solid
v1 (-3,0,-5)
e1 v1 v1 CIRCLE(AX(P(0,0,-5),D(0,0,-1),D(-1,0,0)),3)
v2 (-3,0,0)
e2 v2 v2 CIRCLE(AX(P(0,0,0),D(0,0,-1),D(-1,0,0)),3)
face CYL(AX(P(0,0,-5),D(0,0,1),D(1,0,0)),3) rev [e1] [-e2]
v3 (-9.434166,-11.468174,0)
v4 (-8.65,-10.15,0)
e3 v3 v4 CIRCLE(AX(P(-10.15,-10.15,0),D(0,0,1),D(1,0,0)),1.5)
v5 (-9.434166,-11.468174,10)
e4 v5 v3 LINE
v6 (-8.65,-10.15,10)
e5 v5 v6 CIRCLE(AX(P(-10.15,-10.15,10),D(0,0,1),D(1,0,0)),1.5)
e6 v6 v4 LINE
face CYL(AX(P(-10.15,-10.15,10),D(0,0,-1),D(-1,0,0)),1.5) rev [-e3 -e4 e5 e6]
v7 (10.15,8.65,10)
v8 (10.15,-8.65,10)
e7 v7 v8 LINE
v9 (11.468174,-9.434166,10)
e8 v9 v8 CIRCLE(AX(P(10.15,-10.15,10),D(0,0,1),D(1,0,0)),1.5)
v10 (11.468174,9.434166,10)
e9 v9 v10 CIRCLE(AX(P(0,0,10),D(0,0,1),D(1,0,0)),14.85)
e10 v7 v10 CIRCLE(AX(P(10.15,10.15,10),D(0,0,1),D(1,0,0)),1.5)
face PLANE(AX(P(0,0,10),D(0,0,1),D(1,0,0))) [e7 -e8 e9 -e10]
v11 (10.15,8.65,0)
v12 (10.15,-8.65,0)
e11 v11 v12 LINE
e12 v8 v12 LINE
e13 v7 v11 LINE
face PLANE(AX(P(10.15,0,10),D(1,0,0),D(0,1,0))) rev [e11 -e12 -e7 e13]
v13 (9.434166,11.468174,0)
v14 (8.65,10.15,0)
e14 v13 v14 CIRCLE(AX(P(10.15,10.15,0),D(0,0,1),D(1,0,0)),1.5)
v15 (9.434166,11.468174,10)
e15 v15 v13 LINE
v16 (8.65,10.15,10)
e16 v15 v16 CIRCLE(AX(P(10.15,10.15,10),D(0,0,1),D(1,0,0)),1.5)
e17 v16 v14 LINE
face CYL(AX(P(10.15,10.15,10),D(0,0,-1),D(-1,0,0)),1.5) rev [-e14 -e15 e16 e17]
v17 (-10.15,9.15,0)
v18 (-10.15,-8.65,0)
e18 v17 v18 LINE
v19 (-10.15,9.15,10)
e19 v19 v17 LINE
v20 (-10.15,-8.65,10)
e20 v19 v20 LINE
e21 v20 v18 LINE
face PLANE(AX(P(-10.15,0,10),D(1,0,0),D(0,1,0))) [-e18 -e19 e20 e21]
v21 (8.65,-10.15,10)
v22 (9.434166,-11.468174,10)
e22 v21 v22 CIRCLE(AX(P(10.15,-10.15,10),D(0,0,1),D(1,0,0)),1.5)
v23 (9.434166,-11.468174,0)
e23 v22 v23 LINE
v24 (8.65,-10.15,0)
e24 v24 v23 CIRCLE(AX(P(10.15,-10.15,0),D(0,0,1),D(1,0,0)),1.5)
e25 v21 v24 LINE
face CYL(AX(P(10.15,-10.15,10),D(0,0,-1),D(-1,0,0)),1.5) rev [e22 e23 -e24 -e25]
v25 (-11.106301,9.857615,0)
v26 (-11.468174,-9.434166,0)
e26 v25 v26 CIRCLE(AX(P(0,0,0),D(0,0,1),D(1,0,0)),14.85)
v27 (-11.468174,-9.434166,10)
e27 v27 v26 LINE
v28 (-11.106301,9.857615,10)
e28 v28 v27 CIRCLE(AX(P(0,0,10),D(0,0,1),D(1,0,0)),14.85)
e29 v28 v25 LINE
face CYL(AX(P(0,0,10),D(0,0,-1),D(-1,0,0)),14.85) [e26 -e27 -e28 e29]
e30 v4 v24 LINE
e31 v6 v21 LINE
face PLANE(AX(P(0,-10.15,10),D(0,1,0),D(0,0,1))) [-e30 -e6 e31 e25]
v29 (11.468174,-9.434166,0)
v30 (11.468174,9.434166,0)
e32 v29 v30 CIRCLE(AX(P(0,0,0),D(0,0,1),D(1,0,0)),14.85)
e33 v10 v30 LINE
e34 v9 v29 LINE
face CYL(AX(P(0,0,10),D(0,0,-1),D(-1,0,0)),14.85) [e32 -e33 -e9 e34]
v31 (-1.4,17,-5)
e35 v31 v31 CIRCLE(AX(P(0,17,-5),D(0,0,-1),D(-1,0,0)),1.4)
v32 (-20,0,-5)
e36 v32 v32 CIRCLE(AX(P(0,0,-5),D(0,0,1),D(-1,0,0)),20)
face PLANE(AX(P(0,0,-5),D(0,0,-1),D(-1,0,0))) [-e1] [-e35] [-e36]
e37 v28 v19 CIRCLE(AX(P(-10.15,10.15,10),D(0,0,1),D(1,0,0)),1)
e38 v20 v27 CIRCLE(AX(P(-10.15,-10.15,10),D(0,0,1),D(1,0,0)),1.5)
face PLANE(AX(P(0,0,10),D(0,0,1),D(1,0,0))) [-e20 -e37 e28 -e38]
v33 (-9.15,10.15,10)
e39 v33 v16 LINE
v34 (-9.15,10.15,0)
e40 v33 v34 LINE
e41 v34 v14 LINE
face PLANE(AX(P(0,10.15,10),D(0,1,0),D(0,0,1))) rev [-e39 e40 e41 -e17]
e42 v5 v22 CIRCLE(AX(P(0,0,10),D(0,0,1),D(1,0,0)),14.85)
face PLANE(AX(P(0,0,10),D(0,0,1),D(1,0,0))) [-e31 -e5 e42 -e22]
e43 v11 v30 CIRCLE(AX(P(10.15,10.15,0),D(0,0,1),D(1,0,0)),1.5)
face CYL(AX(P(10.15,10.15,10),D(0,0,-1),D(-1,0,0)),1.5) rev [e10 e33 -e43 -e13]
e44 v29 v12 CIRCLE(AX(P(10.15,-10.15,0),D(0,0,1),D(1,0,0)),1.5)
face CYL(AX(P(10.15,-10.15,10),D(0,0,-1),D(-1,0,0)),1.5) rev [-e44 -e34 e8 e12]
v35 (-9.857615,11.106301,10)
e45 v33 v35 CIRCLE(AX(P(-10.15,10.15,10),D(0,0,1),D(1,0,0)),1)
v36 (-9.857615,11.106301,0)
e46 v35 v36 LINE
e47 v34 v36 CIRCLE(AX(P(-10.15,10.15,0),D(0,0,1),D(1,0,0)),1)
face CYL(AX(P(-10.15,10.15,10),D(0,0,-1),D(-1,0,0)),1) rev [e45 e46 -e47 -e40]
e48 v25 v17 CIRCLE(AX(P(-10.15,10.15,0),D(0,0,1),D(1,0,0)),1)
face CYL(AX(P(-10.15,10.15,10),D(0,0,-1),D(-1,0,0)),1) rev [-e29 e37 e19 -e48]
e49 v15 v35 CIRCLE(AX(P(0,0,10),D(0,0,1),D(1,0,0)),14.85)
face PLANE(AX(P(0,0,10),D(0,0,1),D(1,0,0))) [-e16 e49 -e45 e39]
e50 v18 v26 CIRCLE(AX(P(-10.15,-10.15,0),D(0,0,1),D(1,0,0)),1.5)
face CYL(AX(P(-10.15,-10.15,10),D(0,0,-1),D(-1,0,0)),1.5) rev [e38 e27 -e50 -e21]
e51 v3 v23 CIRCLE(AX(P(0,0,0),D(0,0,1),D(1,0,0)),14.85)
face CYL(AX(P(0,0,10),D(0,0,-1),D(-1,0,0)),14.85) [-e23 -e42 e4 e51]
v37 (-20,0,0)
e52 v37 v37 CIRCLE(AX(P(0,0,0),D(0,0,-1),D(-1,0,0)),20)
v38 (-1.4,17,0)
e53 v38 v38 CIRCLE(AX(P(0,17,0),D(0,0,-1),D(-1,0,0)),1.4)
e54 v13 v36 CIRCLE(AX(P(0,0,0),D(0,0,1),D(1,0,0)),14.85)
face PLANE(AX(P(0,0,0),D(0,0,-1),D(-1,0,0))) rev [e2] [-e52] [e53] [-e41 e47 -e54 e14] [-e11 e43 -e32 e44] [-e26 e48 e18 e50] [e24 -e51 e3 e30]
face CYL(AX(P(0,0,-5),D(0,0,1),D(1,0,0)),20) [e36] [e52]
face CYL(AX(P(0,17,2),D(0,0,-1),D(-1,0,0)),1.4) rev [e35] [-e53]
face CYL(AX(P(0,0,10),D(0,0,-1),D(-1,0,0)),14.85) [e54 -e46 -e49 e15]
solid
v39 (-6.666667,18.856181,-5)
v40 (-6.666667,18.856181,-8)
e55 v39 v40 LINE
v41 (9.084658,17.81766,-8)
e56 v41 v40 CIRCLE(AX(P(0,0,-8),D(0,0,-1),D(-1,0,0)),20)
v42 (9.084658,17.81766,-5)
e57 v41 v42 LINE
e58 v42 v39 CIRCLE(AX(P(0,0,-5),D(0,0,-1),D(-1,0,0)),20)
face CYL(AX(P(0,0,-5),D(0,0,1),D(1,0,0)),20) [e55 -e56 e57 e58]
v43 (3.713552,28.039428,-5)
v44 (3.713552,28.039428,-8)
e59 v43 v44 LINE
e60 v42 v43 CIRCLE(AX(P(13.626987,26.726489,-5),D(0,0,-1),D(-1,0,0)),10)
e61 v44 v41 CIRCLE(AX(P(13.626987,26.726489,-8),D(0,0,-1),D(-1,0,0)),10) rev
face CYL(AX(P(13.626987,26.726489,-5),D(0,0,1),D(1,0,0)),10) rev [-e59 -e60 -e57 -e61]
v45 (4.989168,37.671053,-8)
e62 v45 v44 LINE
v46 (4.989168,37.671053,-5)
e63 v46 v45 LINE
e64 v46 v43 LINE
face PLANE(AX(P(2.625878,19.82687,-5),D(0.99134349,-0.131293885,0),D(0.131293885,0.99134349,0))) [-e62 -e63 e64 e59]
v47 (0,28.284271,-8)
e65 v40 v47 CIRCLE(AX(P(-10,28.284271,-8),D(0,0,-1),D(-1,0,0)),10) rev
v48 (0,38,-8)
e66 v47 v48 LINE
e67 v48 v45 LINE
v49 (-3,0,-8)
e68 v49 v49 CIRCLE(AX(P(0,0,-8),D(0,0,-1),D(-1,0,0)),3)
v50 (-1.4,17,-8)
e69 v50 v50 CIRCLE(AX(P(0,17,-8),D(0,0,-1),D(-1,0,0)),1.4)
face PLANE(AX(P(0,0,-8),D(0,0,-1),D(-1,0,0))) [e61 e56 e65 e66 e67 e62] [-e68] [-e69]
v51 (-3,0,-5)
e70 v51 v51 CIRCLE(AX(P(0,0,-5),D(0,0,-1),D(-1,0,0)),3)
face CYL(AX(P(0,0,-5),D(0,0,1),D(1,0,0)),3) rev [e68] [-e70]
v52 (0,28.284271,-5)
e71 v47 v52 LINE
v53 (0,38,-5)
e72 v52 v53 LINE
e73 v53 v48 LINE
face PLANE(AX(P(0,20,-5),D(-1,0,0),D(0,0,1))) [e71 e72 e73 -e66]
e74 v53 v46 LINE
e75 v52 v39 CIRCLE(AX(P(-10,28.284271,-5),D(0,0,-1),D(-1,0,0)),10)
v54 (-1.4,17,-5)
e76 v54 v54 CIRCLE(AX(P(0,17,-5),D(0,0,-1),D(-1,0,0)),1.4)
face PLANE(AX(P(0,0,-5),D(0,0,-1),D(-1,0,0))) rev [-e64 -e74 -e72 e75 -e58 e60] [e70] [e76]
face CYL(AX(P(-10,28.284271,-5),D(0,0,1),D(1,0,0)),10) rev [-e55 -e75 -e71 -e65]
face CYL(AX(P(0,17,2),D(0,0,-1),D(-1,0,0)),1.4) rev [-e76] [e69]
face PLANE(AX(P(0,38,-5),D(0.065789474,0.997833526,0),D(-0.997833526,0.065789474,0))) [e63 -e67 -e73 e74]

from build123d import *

# Parameters (mm, degrees)
EXTRUDE_1_DEPTH     = 10
EXTRUDE_1_2_DEPTH   = 10
EXTRUDE_1_3_DEPTH   = 10
EXTRUDE_1_4_DEPTH   = 10
SKETCH_3_R          = 20
SKETCH_3_R_2        = 3
EXTRUDE_3_DEPTH     = 5
SKETCH_4_R          = 20
SKETCH_4_R_2        = 3
EXTRUDE_4_DEPTH     = 3
EXTRUDE_START       = -3
EXTRUDE_7_DEPTH     = 3
FILLET_2_R          = 10
SKETCH_5_R          = 1.4
CUT_EXTRUDE_1_DEPTH = 10


with BuildPart() as part:
    # 草图1 → 凸台-拉伸1 (new body)
    with BuildSketch(Plane.XY):
        with BuildLine():
            ThreePointArc((-9.857615433, 11.106300823), (-9.346139139, 10.744817381), (-9.15, 10.15))
            Line((-9.15, 10.15), (8.65, 10.15))
            ThreePointArc((8.65, 10.15), (8.860862551, 10.916892847), (9.434166184, 11.468173717))
            ThreePointArc((9.434166184, 11.468173717), (-0.278505501, 14.847388144), (-9.857615433, 11.106300823))
        make_face()
    extrude(amount=EXTRUDE_1_DEPTH)



with BuildPart() as body_2:
    # 草图1 → Extrude 1 2 (new body)
    with BuildSketch(Plane.XY):
        with BuildLine():
            Line((-10.15, -8.65), (-10.15, 9.15))
            ThreePointArc((-10.15, 9.15), (-10.744817381, 9.346139139), (-11.106300823, 9.857615433))
            ThreePointArc((-11.106300823, 9.857615433), (-14.847388144, 0.278505501), (-11.468173717, -9.434166184))
            ThreePointArc((-11.468173717, -9.434166184), (-10.916892847, -8.860862551), (-10.15, -8.65))
        make_face()
    extrude(amount=EXTRUDE_1_2_DEPTH)


with BuildPart() as body_3:
    # 草图1 → Extrude 1 3 (new body)
    with BuildSketch(Plane.XY):
        with BuildLine():
            ThreePointArc((11.468173717, 9.434166184), (10.916892847, 8.860862551), (10.15, 8.65))
            Line((10.15, 8.65), (10.15, -8.65))
            ThreePointArc((10.15, -8.65), (10.916892847, -8.860862551), (11.468173717, -9.434166184))
            ThreePointArc((11.468173717, -9.434166184), (13.978999959, -5.010993928), (14.85, 0))
            ThreePointArc((14.85, 0), (13.978999959, 5.010993928), (11.468173717, 9.434166184))
        make_face()
    extrude(amount=EXTRUDE_1_3_DEPTH)


with BuildPart() as body_4:
    # 草图1 → Extrude 1 4 (new body)
    with BuildSketch(Plane.XY):
        with BuildLine():
            Line((8.65, -10.15), (-8.65, -10.15))
            ThreePointArc((-8.65, -10.15), (-8.860862551, -10.916892847), (-9.434166184, -11.468173717))
            ThreePointArc((-9.434166184, -11.468173717), (0, -14.85), (9.434166184, -11.468173717))
            ThreePointArc((9.434166184, -11.468173717), (8.860862551, -10.916892847), (8.65, -10.15))
        make_face()
    extrude(amount=EXTRUDE_1_4_DEPTH)


with BuildPart() as part_1:
    add(part.part)

    add(body_2.part)  # 凸台-拉伸3 merges body 2

    add(body_3.part)  # 凸台-拉伸3 merges body 3

    add(body_4.part)  # 凸台-拉伸3 merges body 4
    # 草图3 → 凸台-拉伸3 (add)
    with BuildSketch(Plane(origin=(0, 0, 0), x_dir=(-1, 0, 0), z_dir=(0, 0, -1))):
        Circle(SKETCH_3_R)
        Circle(SKETCH_3_R_2, mode=Mode.SUBTRACT)
    extrude(amount=EXTRUDE_3_DEPTH)

    # 草图4 → 凸台-拉伸4 (add)
    with BuildSketch(Plane(origin=(0, 0, -5), x_dir=(-1, 0, 0), z_dir=(0, 0, -1))):
        Circle(SKETCH_4_R)
        Circle(SKETCH_4_R_2, mode=Mode.SUBTRACT)
    extrude(amount=EXTRUDE_4_DEPTH)

    # 草图9 → 凸台-拉伸7 (add)
    with BuildSketch(Plane(origin=(0, 0, -8), x_dir=(-1, 0, 0), z_dir=(0, 0, -1)).offset(EXTRUDE_START)):
        with BuildLine():
            Line((0, 20), (0, 38))
            Line((0, 38), (-4.989167629, 37.671052632))
            Line((-4.989167629, 37.671052632), (-2.625877699, 19.826869806))
            ThreePointArc((-2.625877699, 19.826869806), (-1.315789474, 19.956670515), (0, 20))
        make_face()
    extrude(amount=EXTRUDE_7_DEPTH)

    # 圆角2
    fillet_2_edges = [part_1.edges().sort_by_distance(p)[0] for p in [
        (0, 20, -6.5),
        (2.625877699, 19.826869806, -6.5),
    ]]
    fillet(fillet_2_edges, radius=FILLET_2_R)


with BuildPart() as body_2_2:
    # Split Bodies 1: the piece on the far side of the plane
    add(part_1.part)
    split(bisect_by=Plane(origin=(0, 0, -5), x_dir=(-1, 0, 0), z_dir=(0, 0, -1)), keep=Keep.BOTTOM)


with BuildPart() as part_2:
    add(part_1.part)

    # Split Bodies 1
    split(bisect_by=Plane(origin=(0, 0, -5), x_dir=(-1, 0, 0), z_dir=(0, 0, -1)), keep=Keep.TOP)


with BuildPart() as cut_extrude_1_tool:
    # 草图5 → 切除-拉伸1 (new body)
    with BuildSketch(Plane(origin=(0, 0, -8), x_dir=(-1, 0, 0), z_dir=(0, 0, -1))):
        with Locations((0, 17)):
            Circle(SKETCH_5_R)
    extrude(amount=-CUT_EXTRUDE_1_DEPTH)


with BuildPart() as part_3:
    add(part_2.part)

    # 切除-拉伸1: cut by cut_extrude_1_tool
    add(cut_extrude_1_tool.part, mode=Mode.SUBTRACT)


with BuildPart() as body_2_2_1:
    add(body_2_2.part)

    # 切除-拉伸1: cut by cut_extrude_1_tool
    add(cut_extrude_1_tool.part, mode=Mode.SUBTRACT)


solid = Compound([part_3.part, body_2_2_1.part])
